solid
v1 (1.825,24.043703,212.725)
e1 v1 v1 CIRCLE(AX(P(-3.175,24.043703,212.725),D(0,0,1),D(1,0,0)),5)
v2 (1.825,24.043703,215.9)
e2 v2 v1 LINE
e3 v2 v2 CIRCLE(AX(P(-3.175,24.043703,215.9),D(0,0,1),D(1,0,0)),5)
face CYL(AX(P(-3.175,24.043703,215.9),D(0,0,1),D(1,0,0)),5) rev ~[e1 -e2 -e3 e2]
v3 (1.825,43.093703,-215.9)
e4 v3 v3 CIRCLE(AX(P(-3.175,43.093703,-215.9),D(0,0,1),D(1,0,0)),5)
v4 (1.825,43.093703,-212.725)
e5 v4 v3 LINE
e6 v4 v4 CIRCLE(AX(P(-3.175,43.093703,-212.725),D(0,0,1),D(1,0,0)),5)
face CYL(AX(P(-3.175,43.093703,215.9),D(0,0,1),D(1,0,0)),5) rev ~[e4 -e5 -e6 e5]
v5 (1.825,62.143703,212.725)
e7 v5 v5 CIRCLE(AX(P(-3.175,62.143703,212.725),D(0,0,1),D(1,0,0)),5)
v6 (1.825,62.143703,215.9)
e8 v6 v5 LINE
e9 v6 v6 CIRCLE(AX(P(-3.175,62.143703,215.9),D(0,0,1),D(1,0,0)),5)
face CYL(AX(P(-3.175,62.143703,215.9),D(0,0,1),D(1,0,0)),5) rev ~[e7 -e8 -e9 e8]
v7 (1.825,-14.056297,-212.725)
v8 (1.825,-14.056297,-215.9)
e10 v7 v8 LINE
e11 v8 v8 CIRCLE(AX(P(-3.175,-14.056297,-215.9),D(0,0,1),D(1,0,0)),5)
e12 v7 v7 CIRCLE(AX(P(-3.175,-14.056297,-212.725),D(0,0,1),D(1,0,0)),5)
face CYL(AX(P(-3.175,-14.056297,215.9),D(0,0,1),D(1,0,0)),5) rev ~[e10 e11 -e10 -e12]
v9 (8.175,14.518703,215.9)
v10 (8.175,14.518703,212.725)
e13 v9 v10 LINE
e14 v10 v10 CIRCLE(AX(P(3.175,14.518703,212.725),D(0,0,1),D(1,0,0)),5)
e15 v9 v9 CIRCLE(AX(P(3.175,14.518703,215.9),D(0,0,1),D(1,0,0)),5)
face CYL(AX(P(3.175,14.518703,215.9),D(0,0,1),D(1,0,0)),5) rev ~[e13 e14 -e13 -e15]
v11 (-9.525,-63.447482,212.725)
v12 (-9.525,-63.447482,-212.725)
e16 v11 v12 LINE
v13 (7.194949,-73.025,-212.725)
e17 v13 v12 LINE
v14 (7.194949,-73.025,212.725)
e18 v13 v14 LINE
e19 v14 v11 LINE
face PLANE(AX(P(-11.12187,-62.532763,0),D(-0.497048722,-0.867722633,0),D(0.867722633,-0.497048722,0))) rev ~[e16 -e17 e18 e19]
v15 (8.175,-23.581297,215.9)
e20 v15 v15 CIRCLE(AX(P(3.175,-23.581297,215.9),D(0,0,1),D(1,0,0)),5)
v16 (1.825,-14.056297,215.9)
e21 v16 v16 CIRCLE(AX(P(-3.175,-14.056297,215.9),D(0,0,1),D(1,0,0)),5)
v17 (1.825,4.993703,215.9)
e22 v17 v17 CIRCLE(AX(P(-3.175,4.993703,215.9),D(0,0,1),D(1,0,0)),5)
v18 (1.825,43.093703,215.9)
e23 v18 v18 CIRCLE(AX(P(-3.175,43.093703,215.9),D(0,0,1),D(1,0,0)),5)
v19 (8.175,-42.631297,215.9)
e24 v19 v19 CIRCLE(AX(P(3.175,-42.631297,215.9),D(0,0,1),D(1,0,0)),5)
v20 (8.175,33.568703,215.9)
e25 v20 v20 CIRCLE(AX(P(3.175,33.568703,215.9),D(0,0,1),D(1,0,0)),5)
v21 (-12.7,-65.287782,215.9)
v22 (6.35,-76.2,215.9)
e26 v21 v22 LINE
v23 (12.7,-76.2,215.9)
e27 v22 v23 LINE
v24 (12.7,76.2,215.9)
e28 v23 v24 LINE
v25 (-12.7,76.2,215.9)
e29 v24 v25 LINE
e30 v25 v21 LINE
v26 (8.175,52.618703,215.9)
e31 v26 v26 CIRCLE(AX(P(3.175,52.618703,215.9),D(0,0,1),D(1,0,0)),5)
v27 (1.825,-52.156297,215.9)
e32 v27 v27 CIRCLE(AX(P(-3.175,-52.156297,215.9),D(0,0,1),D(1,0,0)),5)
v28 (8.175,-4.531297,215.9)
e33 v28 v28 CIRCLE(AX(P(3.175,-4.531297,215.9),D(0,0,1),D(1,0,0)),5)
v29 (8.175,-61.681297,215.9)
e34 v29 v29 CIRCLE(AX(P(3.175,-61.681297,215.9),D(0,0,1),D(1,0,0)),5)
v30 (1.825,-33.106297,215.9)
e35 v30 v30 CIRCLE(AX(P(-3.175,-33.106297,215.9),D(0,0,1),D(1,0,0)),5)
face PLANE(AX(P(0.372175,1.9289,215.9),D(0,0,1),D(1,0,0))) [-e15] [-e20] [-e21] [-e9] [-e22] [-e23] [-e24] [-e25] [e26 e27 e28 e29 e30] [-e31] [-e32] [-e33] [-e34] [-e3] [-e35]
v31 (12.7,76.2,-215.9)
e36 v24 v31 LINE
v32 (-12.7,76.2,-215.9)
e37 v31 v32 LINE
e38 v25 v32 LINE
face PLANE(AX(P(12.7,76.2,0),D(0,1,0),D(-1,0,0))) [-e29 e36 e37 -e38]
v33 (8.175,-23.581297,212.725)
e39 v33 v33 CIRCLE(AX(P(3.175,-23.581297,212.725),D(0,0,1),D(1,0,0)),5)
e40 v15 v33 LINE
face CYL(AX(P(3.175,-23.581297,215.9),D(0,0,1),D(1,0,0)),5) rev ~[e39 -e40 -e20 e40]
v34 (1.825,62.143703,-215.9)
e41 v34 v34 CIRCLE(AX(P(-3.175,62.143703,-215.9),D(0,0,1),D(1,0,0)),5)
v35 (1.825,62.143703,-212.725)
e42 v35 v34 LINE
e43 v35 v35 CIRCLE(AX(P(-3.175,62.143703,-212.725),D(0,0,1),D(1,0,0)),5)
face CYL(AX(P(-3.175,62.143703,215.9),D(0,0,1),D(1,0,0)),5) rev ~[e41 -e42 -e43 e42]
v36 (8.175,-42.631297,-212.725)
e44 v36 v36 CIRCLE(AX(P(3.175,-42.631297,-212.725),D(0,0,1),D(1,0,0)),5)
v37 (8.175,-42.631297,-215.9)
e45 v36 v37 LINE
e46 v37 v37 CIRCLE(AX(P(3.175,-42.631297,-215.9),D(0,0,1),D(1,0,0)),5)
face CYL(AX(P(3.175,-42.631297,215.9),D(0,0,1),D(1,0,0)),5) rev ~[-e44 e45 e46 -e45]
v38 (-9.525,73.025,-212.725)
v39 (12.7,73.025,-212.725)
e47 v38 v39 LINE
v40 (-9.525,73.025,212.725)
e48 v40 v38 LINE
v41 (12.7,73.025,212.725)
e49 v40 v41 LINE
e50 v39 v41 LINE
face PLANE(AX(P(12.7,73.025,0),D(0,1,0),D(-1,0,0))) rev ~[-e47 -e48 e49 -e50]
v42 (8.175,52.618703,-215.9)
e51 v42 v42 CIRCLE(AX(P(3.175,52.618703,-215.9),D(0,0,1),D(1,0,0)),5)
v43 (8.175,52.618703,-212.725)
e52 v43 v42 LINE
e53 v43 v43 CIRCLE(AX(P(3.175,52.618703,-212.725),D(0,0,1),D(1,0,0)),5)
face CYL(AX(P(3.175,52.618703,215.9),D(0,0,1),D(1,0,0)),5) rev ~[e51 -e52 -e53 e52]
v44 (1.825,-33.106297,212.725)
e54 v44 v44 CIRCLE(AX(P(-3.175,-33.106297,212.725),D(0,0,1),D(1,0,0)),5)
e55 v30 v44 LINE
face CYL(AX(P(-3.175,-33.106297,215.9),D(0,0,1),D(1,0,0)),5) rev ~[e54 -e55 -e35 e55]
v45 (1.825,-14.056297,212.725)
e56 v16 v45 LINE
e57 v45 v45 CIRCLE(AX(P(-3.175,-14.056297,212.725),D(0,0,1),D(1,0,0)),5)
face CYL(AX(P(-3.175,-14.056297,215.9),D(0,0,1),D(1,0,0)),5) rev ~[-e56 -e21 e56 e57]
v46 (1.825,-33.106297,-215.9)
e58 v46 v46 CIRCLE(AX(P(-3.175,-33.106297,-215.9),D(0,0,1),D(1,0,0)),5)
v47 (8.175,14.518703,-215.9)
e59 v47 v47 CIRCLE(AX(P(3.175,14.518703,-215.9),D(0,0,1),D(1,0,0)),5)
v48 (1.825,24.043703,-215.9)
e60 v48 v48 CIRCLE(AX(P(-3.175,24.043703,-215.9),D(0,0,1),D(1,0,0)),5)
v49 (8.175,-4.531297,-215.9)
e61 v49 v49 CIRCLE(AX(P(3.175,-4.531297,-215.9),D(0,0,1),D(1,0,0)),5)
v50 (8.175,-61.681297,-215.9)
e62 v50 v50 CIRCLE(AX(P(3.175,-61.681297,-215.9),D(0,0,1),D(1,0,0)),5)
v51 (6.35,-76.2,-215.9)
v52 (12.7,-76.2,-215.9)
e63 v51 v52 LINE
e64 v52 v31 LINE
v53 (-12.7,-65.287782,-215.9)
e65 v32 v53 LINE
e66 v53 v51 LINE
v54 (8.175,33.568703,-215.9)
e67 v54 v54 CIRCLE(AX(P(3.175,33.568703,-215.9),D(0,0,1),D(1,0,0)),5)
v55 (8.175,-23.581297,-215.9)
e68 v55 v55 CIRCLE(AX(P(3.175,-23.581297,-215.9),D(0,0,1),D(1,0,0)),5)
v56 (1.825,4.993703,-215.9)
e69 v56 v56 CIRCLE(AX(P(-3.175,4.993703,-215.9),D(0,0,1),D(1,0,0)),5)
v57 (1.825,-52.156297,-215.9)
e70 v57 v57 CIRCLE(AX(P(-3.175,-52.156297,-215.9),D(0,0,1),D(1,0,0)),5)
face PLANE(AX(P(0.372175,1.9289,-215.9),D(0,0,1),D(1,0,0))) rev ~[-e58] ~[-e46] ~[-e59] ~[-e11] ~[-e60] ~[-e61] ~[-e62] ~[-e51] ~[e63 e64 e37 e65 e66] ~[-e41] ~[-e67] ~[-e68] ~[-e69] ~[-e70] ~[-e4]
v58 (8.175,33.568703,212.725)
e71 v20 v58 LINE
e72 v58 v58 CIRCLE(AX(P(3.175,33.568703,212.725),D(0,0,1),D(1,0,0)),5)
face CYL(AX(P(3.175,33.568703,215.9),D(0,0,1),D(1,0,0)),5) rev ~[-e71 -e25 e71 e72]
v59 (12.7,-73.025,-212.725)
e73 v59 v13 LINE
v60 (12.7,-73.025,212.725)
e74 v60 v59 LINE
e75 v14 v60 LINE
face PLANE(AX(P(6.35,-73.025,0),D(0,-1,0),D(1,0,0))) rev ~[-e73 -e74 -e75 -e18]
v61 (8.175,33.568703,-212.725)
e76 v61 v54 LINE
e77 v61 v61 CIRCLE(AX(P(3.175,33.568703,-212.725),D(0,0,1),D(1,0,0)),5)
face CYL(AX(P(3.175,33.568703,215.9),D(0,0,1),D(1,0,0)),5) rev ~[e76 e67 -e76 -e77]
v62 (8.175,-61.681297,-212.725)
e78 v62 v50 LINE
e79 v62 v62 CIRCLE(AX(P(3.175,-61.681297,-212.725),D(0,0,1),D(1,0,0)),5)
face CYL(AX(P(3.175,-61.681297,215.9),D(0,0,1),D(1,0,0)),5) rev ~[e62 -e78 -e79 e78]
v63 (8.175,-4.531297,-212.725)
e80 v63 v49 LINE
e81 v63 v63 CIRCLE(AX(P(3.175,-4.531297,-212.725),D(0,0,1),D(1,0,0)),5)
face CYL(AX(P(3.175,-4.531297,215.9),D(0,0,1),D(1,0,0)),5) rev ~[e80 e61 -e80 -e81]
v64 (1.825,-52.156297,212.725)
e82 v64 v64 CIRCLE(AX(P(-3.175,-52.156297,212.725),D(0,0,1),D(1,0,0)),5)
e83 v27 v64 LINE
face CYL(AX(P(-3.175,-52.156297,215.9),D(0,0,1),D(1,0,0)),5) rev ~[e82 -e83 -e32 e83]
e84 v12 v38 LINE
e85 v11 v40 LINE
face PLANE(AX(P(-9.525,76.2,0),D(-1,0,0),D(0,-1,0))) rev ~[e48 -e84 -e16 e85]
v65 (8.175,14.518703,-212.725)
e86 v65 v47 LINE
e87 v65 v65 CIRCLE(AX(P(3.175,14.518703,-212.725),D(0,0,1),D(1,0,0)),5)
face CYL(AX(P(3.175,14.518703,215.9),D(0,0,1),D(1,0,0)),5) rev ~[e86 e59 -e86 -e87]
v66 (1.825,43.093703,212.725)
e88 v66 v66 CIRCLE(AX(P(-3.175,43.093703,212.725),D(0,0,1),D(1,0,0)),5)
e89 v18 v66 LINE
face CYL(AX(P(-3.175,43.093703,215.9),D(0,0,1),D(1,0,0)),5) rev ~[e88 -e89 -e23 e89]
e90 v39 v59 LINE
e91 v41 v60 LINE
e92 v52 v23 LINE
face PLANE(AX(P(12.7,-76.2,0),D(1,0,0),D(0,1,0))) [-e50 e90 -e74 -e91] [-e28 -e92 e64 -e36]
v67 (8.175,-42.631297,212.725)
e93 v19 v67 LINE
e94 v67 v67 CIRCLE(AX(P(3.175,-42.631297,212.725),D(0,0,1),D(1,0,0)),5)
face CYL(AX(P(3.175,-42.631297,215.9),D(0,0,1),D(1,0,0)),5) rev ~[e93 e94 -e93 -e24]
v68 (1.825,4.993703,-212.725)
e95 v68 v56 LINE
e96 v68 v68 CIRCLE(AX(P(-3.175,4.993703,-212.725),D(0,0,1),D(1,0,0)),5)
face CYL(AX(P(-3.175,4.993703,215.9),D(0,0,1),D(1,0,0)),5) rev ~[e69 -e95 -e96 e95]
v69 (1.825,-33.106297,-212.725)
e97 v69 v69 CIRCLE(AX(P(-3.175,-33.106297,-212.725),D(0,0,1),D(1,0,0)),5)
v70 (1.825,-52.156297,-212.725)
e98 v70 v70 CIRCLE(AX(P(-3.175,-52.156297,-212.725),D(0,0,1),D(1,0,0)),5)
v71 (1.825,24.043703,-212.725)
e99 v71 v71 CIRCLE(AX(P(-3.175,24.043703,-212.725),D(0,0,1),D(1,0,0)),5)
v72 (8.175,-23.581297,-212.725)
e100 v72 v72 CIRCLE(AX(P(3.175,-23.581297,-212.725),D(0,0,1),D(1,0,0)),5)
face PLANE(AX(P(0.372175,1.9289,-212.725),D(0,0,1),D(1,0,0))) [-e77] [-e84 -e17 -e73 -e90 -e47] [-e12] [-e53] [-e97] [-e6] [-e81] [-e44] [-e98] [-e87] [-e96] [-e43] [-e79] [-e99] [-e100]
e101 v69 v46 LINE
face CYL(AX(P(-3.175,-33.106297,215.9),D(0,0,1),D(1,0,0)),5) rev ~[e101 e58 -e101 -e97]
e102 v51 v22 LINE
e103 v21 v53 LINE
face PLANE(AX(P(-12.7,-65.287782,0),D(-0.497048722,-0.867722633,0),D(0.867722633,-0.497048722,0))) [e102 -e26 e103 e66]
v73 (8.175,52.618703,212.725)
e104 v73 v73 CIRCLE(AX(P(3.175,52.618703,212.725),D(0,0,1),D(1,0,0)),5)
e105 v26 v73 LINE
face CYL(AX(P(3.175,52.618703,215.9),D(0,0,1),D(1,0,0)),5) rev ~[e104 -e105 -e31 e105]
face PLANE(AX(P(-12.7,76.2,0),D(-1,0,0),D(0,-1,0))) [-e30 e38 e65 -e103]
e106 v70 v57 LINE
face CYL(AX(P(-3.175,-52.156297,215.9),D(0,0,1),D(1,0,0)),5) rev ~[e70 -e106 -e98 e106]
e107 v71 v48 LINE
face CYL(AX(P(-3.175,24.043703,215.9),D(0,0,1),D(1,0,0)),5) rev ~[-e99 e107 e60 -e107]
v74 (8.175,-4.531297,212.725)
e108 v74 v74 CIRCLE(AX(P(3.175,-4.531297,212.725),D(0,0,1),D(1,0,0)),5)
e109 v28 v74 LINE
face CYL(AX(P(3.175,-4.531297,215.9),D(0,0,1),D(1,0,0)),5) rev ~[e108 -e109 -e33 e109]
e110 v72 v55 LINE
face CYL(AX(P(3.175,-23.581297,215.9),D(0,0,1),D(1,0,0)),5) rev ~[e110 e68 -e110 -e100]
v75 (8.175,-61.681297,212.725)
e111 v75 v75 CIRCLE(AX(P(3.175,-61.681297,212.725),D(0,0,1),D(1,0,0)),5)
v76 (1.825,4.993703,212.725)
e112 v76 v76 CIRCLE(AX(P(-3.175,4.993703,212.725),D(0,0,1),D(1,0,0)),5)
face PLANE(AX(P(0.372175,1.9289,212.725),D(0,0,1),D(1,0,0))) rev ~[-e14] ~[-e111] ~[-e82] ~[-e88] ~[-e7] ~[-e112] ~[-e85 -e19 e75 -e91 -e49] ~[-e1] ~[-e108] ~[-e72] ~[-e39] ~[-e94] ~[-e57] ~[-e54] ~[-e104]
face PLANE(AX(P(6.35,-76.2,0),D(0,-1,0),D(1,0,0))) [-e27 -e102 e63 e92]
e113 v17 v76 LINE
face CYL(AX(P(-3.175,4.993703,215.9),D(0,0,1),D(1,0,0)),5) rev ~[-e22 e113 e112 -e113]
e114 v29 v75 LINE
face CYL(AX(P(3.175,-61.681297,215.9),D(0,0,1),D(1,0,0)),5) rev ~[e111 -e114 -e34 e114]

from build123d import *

# Parameters (mm, degrees)
BOSS_EXTRUDE1_DEPTH = 215.9
SHELL1_T            = -3.175
SKETCH2_R           = 5
CUT_EXTRUDE1_DEPTH  = 439.655867395
LPATTERN1_COUNT     = 7
LPATTERN1_PITCH     = 19.05


with BuildPart() as part:
    # Sketch1 → Boss-Extrude1 (new, symmetric)
    with BuildSketch(Plane.XY):
        Polygon((-12.7, -65.28778243), (6.35, -76.2), (12.7, -76.2), (12.7, 76.2), (-12.7, 76.2), align=None)
    extrude(amount=BOSS_EXTRUDE1_DEPTH, both=True)

    # Shell1
    shell1_openings = [part.faces().sort_by_distance(p)[0] for p in [
        (12.7, 0, 0),
    ]]
    offset(amount=SHELL1_T, openings=shell1_openings, kind=Kind.INTERSECTION)

    # Sketch2 → Cut-Extrude1 (cut, through all)
    with BuildSketch(Plane.XY.offset(215.9)):
        with Locations((3.175, -61.681297072)):
            Circle(SKETCH2_R)
        with Locations((-3.175, -52.156297072)):
            Circle(SKETCH2_R)
    cut_extrude1 = extrude(amount=-CUT_EXTRUDE1_DEPTH, mode=Mode.SUBTRACT)

    # LPattern1: Cut-Extrude1 ×7
    with Locations(*[(0, i * LPATTERN1_PITCH, 0) for i in range(1, LPATTERN1_COUNT)]):
        add(cut_extrude1, mode=Mode.SUBTRACT)


solid = part.part
